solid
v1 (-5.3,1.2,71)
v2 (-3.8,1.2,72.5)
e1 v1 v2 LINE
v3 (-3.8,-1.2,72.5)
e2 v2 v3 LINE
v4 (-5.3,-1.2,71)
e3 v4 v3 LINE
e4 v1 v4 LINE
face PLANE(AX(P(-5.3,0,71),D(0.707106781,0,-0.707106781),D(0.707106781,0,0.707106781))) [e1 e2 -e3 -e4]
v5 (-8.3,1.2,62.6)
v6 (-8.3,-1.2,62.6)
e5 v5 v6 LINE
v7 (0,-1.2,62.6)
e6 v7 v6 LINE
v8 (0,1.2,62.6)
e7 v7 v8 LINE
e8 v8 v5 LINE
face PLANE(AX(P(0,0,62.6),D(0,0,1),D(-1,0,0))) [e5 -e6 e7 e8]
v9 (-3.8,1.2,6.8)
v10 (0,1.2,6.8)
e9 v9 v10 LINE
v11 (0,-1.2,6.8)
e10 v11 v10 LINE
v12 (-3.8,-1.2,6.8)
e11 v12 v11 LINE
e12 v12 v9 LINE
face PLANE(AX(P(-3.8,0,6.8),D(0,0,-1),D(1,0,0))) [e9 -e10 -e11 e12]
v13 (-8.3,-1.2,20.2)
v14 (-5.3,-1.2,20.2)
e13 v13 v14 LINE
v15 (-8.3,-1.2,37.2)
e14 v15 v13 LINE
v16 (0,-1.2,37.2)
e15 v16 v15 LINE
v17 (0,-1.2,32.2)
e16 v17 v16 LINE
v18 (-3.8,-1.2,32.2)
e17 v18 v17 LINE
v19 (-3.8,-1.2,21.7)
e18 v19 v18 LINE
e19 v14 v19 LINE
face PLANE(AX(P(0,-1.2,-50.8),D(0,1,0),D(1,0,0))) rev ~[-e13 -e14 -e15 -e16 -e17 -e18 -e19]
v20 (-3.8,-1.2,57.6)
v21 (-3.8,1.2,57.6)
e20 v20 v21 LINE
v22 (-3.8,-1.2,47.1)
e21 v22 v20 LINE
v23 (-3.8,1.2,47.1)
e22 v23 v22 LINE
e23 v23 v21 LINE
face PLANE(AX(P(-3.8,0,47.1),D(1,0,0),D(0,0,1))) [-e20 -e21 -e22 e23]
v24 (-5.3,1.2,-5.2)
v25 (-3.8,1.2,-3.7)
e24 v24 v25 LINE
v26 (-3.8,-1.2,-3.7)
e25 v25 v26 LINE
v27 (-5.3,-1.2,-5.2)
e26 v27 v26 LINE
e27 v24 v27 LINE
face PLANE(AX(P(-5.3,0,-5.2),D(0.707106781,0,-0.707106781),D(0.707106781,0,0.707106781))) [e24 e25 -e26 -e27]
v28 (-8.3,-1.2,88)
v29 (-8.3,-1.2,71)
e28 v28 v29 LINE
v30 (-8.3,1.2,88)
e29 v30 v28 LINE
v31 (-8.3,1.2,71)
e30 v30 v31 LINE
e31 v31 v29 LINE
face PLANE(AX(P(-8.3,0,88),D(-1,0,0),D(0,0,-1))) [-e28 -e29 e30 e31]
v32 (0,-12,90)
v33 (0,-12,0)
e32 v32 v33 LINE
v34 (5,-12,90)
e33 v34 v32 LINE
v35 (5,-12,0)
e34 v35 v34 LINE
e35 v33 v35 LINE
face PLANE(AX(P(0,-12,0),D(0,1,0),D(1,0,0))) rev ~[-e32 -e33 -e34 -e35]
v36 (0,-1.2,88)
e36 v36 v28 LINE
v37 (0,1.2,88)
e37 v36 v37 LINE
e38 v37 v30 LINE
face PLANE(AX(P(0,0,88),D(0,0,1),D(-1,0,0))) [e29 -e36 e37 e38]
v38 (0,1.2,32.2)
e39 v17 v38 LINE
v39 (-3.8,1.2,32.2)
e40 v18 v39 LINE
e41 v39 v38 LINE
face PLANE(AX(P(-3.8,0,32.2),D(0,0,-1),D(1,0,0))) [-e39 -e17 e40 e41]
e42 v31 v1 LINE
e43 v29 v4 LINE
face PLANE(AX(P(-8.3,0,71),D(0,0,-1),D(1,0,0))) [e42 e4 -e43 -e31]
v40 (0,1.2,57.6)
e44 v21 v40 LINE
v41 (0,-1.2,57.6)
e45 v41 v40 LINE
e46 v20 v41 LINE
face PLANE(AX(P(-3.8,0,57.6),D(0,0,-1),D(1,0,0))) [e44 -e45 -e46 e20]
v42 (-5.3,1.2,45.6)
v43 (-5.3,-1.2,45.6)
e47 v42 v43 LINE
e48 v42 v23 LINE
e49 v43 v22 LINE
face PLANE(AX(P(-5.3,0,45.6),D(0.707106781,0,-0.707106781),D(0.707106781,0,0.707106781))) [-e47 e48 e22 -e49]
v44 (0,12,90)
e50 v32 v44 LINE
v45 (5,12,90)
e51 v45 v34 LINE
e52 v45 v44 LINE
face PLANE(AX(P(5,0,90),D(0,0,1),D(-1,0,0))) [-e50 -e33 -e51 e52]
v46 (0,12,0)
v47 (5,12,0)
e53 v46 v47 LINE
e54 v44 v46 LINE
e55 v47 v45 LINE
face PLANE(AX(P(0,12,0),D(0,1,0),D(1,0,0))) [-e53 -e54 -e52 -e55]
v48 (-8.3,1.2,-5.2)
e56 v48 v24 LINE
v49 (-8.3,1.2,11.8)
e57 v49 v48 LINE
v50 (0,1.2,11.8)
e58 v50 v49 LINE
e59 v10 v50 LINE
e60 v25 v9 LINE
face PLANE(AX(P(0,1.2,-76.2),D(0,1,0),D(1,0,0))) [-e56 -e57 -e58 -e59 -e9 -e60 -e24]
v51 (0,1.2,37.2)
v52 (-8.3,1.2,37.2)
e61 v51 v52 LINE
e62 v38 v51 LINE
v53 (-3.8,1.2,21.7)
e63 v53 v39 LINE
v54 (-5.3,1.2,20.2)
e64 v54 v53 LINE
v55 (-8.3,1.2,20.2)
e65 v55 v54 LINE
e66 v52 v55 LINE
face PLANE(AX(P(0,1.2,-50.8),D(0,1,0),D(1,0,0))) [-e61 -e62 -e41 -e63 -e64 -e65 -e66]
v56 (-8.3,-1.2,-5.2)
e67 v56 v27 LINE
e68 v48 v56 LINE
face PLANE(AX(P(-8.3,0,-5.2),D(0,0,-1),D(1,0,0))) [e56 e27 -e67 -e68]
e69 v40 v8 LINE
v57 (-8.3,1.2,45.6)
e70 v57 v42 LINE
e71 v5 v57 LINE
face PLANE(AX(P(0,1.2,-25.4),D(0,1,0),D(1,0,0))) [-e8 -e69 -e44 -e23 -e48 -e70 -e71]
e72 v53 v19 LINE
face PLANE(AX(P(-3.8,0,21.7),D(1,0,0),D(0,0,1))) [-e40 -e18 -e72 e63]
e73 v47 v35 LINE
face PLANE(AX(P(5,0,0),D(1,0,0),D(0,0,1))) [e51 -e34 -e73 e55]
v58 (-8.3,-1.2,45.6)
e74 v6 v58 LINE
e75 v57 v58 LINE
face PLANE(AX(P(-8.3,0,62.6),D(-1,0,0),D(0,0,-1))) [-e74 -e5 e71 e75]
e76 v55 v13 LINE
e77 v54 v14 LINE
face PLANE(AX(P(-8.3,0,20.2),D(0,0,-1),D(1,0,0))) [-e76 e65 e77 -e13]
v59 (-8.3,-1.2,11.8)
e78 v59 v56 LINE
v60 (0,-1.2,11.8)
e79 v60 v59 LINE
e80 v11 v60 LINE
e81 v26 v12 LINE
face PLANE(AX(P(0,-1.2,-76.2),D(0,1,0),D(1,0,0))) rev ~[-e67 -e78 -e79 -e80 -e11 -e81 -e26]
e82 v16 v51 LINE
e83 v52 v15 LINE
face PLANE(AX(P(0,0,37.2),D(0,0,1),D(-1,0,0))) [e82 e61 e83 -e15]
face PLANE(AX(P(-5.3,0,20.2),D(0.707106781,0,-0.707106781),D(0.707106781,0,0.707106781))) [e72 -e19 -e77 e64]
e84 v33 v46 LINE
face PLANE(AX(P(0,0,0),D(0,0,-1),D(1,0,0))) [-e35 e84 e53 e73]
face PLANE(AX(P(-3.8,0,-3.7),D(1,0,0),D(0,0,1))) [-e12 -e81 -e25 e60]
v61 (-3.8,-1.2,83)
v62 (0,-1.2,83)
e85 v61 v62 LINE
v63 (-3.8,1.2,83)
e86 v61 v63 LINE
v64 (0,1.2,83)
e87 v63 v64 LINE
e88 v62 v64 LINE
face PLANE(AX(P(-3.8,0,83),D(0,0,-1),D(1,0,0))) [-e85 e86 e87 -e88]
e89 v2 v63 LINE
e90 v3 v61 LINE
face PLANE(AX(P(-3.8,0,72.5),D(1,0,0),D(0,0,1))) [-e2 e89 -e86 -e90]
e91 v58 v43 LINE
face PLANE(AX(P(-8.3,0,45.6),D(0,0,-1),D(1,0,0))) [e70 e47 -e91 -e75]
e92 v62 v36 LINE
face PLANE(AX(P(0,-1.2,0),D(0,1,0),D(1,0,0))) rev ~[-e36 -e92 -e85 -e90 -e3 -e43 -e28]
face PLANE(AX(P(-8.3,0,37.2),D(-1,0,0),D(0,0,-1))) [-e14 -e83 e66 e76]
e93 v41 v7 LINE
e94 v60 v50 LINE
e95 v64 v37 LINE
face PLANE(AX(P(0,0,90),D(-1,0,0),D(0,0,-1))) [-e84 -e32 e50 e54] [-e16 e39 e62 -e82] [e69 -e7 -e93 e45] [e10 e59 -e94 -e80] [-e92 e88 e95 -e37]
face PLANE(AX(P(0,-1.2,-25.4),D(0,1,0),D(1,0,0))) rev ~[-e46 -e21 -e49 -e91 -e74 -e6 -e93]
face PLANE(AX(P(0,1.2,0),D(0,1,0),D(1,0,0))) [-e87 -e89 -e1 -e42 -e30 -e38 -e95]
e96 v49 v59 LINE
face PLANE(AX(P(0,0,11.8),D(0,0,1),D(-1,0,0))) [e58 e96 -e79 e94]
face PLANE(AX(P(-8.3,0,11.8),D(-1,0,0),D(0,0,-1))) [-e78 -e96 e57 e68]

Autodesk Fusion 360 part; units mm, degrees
sketch "Plate" plane through (0, 0, 0) normal (0, 1, 0) x (1, 0, 0)
  line L0 (0, 0) -> (5, 0)
  line L1 (5, 0) -> (5, -90)
  line L2 (5, -90) -> (0, -90)
  line L3 (0, -90) -> (0, 0)
  dimension "d67" = 5
  dimension "d68" = 90
extrude "Plate (1)" add sketch "Plate" along normal mid plane 24
sketch "Hook profile" plane through (0, 0, 0) normal (0, 1, 0) x (1, 0, 0)
  line L0 (0, -88) -> (-8.3, -88)
  line L1 (-8.3, -88) -> (-8.3, -71)
  line L2 (-8.3, -71) -> (-5.3, -71)
  line L3 (-5.3, -71) -> (-3.8, -72.5)
  line L4 (-3.8, -72.5) -> (-3.8, -83)
  line L5 (-3.8, -83) -> (0, -83)
  line L6 (0, -83) -> (0, -88)
  dimension "d71" = 88
  dimension "d72" = 8.3
  dimension "d73" = 3.8
  dimension "d74" = 5
  dimension "d75" = 10.5
  dimension "d76" = 1.5
  dimension "d77" = 1.5
extrude "Hook profile (1)" add sketch "Hook profile" along normal mid plane 2.4
pattern_linear "Hook rows" count 4 spacing 25.4 along (0, 0, -1) count 3 spacing 0 along (0, 0, 1) of "Hook profile (1)"
equation "bracketWidth = 24.0 mm" comment "gauge width, as the bracket"
equation "hookTabWidth = slotWidth - 0.8 mm" comment "blade width through the slot"
equation "slotPitchVertical = 25.4 mm" comment "1 inch, measured"
equation "slotWidth = 3.2 mm" comment "measured slot width in the upright"
equation "faceMetalThickness = 2.0 mm" comment "upright face metal"
equation "hookThroat = faceMetalThickness + 1.8 mm" comment "gap behind the plate"
equation "hookNeckHeight = 5.0 mm" comment "bears on the slot bottom edge"
equation "hookLipThickness = 4.5 mm" comment "lip thickness behind the face"
equation "hookLipDrop = 12.0 mm" comment "engagement below the neck"
equation "plateHeight = 90.0 mm" comment "plate height"
equation "gaugePlateThickness = 5.0 mm" comment "gauge plate"
equation "hookLipChamfer = 1.5 mm" comment "lead-in past slot burrs"
equation "topHookNeckTop = 88.0 mm" comment "top row, below the plate top"
equation "hookRows = 4" comment "number of hook rows (pattern count)"
equation "d67 = gaugePlateThickness"
equation "d68 = plateHeight"
equation "d69 = bracketWidth"
equation "d71 = topHookNeckTop"
equation "d72 = hookThroat + hookLipThickness"
equation "d73 = hookThroat"
equation "d74 = hookNeckHeight"
equation "d75 = hookLipDrop - hookLipChamfer"
equation "d76 = hookLipChamfer"
equation "d77 = hookLipChamfer"
equation "d78 = hookTabWidth"
equation "d80 = hookRows"
equation "d82 = -slotPitchVertical"
